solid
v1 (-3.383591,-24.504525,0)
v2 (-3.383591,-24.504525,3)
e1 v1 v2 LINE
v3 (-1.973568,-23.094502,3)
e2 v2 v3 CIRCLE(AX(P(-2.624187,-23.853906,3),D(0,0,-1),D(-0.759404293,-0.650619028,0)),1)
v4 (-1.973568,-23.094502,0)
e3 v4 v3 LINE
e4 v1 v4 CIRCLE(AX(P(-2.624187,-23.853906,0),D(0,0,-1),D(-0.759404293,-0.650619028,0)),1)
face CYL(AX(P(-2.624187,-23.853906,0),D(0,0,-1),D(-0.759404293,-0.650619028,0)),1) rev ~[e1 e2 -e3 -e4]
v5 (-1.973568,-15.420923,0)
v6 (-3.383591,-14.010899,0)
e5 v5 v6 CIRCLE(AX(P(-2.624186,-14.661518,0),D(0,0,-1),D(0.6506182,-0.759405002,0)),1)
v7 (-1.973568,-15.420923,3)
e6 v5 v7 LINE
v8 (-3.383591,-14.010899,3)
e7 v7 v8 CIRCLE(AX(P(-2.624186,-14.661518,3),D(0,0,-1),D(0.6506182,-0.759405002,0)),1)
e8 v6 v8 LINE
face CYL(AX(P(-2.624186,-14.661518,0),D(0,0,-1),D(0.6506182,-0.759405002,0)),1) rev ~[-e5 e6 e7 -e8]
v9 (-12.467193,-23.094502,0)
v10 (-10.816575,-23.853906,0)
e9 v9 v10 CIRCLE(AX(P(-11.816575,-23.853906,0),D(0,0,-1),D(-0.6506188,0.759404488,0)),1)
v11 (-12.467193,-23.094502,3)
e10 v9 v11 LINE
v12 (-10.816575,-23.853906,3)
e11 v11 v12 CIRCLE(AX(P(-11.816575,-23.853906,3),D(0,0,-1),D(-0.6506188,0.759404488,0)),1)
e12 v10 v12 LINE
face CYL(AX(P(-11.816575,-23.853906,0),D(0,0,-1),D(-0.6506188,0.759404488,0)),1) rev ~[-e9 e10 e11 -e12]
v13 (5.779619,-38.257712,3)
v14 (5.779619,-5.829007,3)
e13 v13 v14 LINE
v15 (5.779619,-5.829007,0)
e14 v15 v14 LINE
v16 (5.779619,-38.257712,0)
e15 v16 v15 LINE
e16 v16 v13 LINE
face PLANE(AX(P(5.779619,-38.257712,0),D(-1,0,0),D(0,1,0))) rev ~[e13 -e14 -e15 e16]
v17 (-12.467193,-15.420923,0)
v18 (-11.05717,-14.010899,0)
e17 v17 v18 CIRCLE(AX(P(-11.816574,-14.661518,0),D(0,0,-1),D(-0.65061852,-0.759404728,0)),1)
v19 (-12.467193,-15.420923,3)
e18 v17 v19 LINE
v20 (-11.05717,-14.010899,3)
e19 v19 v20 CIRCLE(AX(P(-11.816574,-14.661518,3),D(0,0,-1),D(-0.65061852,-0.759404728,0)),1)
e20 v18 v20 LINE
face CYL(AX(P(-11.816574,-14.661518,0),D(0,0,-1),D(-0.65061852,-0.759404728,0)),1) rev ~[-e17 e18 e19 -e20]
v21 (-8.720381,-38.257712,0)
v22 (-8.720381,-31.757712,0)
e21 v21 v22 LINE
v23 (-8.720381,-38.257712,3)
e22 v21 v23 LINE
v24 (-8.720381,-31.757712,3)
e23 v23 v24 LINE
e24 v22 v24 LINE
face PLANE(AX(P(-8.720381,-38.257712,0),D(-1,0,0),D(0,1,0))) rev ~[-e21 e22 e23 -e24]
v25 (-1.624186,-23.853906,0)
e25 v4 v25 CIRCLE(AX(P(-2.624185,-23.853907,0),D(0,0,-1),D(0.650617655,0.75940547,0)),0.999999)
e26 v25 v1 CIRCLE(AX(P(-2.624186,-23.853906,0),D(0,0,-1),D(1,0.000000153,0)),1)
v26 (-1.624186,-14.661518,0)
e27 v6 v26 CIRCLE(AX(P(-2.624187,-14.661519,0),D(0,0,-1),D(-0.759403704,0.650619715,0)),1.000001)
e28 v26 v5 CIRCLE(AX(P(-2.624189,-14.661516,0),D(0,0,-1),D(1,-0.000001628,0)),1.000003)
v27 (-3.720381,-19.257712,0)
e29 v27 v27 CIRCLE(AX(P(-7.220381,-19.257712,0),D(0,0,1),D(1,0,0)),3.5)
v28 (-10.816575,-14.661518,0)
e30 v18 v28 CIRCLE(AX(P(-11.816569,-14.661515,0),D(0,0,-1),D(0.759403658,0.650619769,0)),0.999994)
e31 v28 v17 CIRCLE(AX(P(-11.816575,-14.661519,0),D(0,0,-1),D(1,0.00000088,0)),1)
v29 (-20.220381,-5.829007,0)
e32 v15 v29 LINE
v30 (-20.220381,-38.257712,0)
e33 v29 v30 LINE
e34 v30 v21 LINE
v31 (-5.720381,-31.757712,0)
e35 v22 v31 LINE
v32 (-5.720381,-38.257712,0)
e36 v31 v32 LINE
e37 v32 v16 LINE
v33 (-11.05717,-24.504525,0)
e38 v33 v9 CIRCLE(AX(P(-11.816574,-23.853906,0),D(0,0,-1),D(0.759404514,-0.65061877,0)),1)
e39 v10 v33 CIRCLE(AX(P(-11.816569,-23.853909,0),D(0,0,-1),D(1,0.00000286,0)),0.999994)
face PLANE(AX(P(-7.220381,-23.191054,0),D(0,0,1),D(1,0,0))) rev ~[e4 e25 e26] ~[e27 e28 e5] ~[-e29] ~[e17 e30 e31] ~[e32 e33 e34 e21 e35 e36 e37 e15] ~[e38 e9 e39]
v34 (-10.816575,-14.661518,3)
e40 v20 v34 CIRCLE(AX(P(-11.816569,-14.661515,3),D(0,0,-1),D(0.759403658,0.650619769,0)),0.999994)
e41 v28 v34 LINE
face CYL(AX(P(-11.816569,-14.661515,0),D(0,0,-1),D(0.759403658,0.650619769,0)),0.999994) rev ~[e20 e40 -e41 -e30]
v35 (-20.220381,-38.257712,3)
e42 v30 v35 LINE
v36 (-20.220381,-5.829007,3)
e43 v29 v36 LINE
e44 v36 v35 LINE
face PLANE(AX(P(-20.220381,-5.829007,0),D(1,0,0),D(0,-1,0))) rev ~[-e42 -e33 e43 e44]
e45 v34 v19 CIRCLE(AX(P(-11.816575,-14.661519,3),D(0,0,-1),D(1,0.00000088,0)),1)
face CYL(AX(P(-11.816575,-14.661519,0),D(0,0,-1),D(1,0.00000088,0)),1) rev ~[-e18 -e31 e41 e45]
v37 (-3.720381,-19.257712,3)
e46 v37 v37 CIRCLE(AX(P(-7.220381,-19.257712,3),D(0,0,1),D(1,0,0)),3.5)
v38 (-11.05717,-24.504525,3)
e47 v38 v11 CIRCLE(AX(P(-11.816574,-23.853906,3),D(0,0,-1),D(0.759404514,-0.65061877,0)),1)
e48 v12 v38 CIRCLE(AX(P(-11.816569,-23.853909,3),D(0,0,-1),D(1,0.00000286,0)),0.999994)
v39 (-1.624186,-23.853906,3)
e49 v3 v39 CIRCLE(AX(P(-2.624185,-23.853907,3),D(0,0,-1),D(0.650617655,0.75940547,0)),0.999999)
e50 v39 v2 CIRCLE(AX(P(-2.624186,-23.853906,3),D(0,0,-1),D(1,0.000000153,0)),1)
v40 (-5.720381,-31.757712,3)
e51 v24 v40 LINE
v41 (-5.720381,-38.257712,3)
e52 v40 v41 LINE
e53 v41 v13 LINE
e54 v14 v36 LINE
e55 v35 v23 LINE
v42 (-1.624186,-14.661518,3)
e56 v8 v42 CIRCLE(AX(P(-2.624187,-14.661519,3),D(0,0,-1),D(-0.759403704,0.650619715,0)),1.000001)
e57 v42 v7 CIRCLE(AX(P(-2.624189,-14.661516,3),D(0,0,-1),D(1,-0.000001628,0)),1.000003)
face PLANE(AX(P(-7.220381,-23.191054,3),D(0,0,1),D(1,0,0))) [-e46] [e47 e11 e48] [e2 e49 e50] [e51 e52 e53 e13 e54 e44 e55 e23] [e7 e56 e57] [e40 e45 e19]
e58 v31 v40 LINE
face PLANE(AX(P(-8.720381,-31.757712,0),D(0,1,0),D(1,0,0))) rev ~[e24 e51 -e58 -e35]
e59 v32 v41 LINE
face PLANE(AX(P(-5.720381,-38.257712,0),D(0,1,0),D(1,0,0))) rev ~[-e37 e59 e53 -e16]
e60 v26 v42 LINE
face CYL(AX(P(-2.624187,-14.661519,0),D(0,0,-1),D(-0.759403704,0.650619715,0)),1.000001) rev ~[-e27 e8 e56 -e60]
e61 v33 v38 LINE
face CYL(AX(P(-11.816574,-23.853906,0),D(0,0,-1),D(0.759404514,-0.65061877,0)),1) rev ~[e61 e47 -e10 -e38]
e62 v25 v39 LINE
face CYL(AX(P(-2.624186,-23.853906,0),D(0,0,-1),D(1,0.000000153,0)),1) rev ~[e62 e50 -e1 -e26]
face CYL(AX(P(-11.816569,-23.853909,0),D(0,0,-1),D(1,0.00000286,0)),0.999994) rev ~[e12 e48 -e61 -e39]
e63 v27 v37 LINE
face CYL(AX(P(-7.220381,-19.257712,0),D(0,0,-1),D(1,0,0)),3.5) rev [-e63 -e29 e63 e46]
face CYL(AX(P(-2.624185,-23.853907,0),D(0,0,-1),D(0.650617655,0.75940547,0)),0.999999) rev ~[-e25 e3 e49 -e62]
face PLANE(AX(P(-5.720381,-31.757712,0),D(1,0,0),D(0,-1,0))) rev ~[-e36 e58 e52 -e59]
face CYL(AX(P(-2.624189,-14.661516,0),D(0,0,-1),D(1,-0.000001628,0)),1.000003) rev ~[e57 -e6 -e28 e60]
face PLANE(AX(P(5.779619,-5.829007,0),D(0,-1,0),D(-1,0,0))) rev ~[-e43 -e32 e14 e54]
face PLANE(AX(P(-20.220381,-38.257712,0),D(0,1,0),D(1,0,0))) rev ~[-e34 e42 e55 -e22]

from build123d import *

# Parameters (mm, degrees)
F0_R     = 3.5
F1_DEPTH = 3


with BuildPart() as f1:
    # F0 (on Top) → F1 (new body)
    with BuildSketch(Plane.XY):
        Polygon((5.779619, -38.257712), (5.779619, -5.829007), (-20.220381, -5.829007), (-20.220381, -38.257712), (-8.720381, -38.257712), (-8.720381, -31.757712), (-5.720381, -31.757712), (-5.720381, -38.257712), align=None)
        with BuildLine():
            ThreePointArc((-1.973568, -15.420923), (-1.041615, -17.23958), (-0.720381, -19.257712))
            ThreePointArc((-0.720381, -19.257712), (-1.041615, -21.275845), (-1.973568, -23.094502))
            ThreePointArc((-1.973568, -23.094502), (-1.715721, -23.435946), (-1.624186, -23.853906))
            ThreePointArc((-1.624186, -23.853906), (-2.277347, -24.791831), (-3.383591, -24.504525))
            ThreePointArc((-3.383591, -24.504525), (-7.220381, -25.757712), (-11.05717, -24.504525))
            ThreePointArc((-11.05717, -24.504525), (-12.523681, -24.561013), (-12.467193, -23.094502))
            ThreePointArc((-12.467193, -23.094502), (-13.720381, -19.257712), (-12.467193, -15.420923))
            ThreePointArc((-12.467193, -15.420923), (-12.523681, -13.954411), (-11.05717, -14.010899))
            ThreePointArc((-11.05717, -14.010899), (-7.220381, -12.757712), (-3.383591, -14.010899))
            ThreePointArc((-3.383591, -14.010899), (-2.277347, -13.723594), (-1.624186, -14.661518))
            ThreePointArc((-1.624186, -14.661518), (-1.715721, -15.079478), (-1.973568, -15.420923))
        make_face(mode=Mode.SUBTRACT)
        with BuildLine():
            ThreePointArc((-1.973568, -23.094502), (-1.041615, -21.275845), (-0.720381, -19.257712))
            ThreePointArc((-0.720381, -19.257712), (-1.041615, -17.23958), (-1.973568, -15.420923))
            ThreePointArc((-1.973568, -15.420923), (-3.331293, -15.368625), (-3.383591, -14.010899))
            ThreePointArc((-3.383591, -14.010899), (-7.220381, -12.757712), (-11.05717, -14.010899))
            ThreePointArc((-11.05717, -14.010899), (-10.87865, -14.314678), (-10.816575, -14.661518))
            ThreePointArc((-10.816575, -14.661518), (-11.398615, -15.569984), (-12.467193, -15.420923))
            ThreePointArc((-12.467193, -15.420923), (-13.720381, -19.257712), (-12.467193, -23.094502))
            ThreePointArc((-12.467193, -23.094502), (-11.398615, -22.945441), (-10.816575, -23.853906))
            ThreePointArc((-10.816575, -23.853906), (-10.87865, -24.200746), (-11.05717, -24.504525))
            ThreePointArc((-11.05717, -24.504525), (-7.220381, -25.757712), (-3.383591, -24.504525))
            ThreePointArc((-3.383591, -24.504525), (-3.331293, -23.146799), (-1.973568, -23.094502))
        make_face()
        with Locations((-7.220381, -19.257712)):
            Circle(F0_R, mode=Mode.SUBTRACT)
    extrude(amount=F1_DEPTH)


solid = f1.part
